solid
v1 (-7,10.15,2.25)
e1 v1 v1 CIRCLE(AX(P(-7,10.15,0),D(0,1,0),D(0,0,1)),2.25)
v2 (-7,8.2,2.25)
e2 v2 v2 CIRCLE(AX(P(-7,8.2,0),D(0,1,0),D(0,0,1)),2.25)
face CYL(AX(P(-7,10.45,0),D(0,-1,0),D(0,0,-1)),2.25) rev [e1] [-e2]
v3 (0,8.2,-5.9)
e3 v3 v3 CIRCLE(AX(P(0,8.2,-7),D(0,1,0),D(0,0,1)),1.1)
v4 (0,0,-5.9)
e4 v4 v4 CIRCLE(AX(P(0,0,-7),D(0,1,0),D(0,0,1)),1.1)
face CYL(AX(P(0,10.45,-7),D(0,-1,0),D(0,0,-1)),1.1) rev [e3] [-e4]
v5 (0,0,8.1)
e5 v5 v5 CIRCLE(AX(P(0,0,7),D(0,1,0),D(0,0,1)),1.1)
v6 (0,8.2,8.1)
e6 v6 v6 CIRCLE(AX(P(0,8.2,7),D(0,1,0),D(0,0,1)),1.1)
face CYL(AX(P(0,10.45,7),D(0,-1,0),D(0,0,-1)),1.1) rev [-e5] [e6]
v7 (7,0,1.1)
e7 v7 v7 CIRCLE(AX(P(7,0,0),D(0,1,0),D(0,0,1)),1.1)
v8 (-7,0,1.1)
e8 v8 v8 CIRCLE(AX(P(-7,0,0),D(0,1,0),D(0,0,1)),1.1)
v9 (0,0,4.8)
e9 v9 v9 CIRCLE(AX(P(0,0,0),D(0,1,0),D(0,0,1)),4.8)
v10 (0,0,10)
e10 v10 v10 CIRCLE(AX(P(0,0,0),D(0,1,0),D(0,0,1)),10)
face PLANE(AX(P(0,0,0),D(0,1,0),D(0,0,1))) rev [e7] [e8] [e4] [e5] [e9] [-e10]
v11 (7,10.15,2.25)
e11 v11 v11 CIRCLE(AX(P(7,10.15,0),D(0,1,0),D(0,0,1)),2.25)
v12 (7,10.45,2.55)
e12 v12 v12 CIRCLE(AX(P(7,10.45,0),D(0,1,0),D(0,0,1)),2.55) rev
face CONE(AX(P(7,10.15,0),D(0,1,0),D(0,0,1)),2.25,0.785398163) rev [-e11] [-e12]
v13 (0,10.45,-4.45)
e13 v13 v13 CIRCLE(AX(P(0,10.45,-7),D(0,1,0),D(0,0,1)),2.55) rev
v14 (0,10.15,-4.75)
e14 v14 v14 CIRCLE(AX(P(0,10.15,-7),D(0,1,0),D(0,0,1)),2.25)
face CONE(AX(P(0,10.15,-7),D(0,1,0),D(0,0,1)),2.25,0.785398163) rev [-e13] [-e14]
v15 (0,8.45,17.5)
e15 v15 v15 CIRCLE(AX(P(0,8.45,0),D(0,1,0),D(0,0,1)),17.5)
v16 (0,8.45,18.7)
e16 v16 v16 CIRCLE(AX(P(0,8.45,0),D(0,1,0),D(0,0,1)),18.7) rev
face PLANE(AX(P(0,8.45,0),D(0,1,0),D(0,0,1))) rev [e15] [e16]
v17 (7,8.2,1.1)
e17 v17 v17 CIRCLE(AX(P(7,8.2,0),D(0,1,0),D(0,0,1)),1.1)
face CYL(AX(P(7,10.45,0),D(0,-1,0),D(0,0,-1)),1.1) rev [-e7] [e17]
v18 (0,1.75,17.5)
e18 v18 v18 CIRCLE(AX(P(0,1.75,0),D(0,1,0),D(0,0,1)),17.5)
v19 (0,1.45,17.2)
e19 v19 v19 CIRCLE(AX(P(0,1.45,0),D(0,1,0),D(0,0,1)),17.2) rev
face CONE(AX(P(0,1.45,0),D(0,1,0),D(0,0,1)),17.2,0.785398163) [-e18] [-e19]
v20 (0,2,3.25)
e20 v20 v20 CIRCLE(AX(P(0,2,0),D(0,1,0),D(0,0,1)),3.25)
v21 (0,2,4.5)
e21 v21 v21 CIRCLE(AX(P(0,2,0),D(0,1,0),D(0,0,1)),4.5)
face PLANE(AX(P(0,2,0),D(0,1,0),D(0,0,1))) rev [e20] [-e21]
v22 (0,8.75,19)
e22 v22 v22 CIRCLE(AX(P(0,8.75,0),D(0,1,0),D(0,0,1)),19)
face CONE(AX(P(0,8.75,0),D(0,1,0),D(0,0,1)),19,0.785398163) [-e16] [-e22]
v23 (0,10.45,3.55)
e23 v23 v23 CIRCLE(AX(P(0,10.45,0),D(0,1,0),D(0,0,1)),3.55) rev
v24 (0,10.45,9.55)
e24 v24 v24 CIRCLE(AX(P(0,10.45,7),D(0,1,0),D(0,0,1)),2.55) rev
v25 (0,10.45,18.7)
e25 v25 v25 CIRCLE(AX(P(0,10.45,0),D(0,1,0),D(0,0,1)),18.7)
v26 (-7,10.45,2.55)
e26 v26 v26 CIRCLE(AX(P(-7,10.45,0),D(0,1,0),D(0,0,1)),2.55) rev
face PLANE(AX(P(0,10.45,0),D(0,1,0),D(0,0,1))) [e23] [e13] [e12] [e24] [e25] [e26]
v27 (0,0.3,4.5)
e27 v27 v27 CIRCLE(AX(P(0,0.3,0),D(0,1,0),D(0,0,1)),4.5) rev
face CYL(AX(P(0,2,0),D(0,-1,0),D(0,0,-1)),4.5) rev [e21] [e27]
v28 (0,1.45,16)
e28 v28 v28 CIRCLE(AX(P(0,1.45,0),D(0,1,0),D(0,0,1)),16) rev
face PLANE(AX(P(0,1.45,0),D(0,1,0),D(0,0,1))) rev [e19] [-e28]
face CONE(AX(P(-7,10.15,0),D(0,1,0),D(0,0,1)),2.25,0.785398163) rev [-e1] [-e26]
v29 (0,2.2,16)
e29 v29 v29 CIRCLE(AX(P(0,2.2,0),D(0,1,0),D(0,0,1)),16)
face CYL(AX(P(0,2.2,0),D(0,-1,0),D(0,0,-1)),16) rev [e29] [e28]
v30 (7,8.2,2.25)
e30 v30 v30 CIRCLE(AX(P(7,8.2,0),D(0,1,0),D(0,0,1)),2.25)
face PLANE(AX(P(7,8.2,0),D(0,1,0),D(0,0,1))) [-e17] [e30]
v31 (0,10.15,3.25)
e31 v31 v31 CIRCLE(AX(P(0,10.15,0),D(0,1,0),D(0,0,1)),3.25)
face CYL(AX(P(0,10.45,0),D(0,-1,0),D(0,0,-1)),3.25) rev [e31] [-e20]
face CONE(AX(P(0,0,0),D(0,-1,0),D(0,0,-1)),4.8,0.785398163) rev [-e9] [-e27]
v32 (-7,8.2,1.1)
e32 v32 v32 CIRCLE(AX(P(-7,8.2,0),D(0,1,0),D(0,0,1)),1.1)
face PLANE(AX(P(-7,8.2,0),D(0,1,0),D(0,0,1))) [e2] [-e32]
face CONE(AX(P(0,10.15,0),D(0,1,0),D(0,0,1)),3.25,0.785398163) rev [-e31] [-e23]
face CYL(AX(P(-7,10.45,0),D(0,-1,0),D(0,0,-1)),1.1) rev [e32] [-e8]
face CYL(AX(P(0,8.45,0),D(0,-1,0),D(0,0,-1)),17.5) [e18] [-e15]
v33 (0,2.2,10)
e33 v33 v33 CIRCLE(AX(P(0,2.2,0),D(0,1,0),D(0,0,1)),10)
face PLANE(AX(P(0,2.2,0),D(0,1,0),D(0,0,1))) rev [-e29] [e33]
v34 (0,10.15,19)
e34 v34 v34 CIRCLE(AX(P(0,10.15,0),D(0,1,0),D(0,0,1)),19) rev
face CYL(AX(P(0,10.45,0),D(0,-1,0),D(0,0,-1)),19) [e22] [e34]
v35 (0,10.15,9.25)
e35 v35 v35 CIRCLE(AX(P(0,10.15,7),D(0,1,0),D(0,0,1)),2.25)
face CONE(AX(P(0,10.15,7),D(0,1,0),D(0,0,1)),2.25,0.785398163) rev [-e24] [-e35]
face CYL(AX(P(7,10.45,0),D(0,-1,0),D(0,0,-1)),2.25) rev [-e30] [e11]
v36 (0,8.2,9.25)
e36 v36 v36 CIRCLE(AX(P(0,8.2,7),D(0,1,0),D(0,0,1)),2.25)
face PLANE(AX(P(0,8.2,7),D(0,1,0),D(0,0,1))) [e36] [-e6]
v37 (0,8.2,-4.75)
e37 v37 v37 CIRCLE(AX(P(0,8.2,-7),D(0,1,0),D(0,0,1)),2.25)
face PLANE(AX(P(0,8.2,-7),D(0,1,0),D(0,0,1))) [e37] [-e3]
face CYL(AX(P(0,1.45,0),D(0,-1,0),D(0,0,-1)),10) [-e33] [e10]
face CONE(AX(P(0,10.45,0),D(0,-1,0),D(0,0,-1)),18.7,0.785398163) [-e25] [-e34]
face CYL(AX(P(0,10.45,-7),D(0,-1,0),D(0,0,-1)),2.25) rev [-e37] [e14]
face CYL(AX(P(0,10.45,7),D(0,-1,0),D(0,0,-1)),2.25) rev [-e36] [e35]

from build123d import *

# Parameters (mm, degrees)
SKETCH_1_R          = 19
EXTRUDE_1_DEPTH     = 10.45
SKETCH_2_R          = 35.878367213
SKETCH_2_R_2        = 10
CUT_EXTRUDE_1_DEPTH = 1.45
SKETCH_2_3_R        = 35.878367213
SKETCH_2_3_R_2      = 17.5
CUT_EXTRUDE_2_DEPTH = 8.45
SKETCH_3_R          = 3.25
SKETCH_3_R_2        = 1.1
CUT_EXTRUDE_3_DEPTH = 29.83058272
CUT_EXTRUDE_START   = 8.2
SKETCH_3_3_R        = 2.25
CUT_EXTRUDE_4_DEPTH = 21.63058272
SKETCH_4_R          = 16
SKETCH_4_R_2        = 10
CUT_EXTRUDE_5_DEPTH = 2.2
SKETCH_5_R          = 4.5
CUT_EXTRUDE_6_DEPTH = 2
CHAMFER_1_SIZE      = 0.3


with BuildPart() as part:
    # Эскиз1 → Бобышка-Вытянуть1 (new body)
    with BuildSketch(Plane(origin=(0, 0, 0), x_dir=(1, 0, 0), z_dir=(0, 1, 0))):
        Circle(SKETCH_1_R)
    extrude(amount=EXTRUDE_1_DEPTH)

    # Эскиз2 → Вырез-Вытянуть1 (cut)
    with BuildSketch(Plane(origin=(0, 0, 0), x_dir=(1, 0, 0), z_dir=(0, 1, 0))):
        Circle(SKETCH_2_R)
        Circle(SKETCH_2_R_2, mode=Mode.SUBTRACT)
    extrude(amount=CUT_EXTRUDE_1_DEPTH, mode=Mode.SUBTRACT)

    # Эскиз2<3> → Вырез-Вытянуть2 (cut)
    with BuildSketch(Plane(origin=(0, 0, 0), x_dir=(1, 0, 0), z_dir=(0, 1, 0))):
        Circle(SKETCH_2_3_R)
        Circle(SKETCH_2_3_R_2, mode=Mode.SUBTRACT)
    extrude(amount=CUT_EXTRUDE_2_DEPTH, mode=Mode.SUBTRACT)

    # Эскиз3 → Вырез-Вытянуть3 (cut, through all)
    with BuildSketch(Plane(origin=(0, 0, 0), x_dir=(1, 0, 0), z_dir=(0, 1, 0))):
        Circle(SKETCH_3_R)
        with Locations((0, 7)):
            Circle(SKETCH_3_R_2)
        with Locations((-7, 0)):
            Circle(SKETCH_3_R_2)
        with Locations((0, -7)):
            Circle(SKETCH_3_R_2)
        with Locations((7, 0)):
            Circle(SKETCH_3_R_2)
    extrude(amount=CUT_EXTRUDE_3_DEPTH, mode=Mode.SUBTRACT)

    # Эскиз3<3> → Вырез-Вытянуть4 (cut, through all)
    with BuildSketch(Plane(origin=(0, 0, 0), x_dir=(1, 0, 0), z_dir=(0, 1, 0)).offset(CUT_EXTRUDE_START)):
        with Locations((0, 7)):
            Circle(SKETCH_3_3_R)
        with Locations((7, 0)):
            Circle(SKETCH_3_3_R)
        with Locations((0, -7)):
            Circle(SKETCH_3_3_R)
        with Locations((-7, 0)):
            Circle(SKETCH_3_3_R)
    extrude(amount=CUT_EXTRUDE_4_DEPTH, mode=Mode.SUBTRACT)

    # Эскиз4 → Вырез-Вытянуть5 (cut)
    with BuildSketch(Plane(origin=(0, 0, 0), x_dir=(1, 0, 0), z_dir=(0, 1, 0))):
        Circle(SKETCH_4_R)
        Circle(SKETCH_4_R_2, mode=Mode.SUBTRACT)
    extrude(amount=CUT_EXTRUDE_5_DEPTH, mode=Mode.SUBTRACT)

    # Эскиз5 → Вырез-Вытянуть6 (cut)
    with BuildSketch(Plane(origin=(0, 0, 0), x_dir=(1, 0, 0), z_dir=(0, 1, 0))):
        Circle(SKETCH_5_R)
    extrude(amount=CUT_EXTRUDE_6_DEPTH, mode=Mode.SUBTRACT)

    # Фаска1
    chamfer_1_edges = [part.edges().sort_by_distance(p)[0] for p in [
        (-19, 10.45, 0),
        (-3.25, 10.45, 0),
        (-2.25, 10.45, 7),
        (4.75, 10.45, 0),
        (-2.25, 10.45, -7),
        (-9.25, 10.45, 0),
        (-17.5, 1.45, 0),
        (-19, 8.45, 0),
        (-4.5, 0, 0),
    ]]
    chamfer(chamfer_1_edges, length=CHAMFER_1_SIZE)


solid = part.part
